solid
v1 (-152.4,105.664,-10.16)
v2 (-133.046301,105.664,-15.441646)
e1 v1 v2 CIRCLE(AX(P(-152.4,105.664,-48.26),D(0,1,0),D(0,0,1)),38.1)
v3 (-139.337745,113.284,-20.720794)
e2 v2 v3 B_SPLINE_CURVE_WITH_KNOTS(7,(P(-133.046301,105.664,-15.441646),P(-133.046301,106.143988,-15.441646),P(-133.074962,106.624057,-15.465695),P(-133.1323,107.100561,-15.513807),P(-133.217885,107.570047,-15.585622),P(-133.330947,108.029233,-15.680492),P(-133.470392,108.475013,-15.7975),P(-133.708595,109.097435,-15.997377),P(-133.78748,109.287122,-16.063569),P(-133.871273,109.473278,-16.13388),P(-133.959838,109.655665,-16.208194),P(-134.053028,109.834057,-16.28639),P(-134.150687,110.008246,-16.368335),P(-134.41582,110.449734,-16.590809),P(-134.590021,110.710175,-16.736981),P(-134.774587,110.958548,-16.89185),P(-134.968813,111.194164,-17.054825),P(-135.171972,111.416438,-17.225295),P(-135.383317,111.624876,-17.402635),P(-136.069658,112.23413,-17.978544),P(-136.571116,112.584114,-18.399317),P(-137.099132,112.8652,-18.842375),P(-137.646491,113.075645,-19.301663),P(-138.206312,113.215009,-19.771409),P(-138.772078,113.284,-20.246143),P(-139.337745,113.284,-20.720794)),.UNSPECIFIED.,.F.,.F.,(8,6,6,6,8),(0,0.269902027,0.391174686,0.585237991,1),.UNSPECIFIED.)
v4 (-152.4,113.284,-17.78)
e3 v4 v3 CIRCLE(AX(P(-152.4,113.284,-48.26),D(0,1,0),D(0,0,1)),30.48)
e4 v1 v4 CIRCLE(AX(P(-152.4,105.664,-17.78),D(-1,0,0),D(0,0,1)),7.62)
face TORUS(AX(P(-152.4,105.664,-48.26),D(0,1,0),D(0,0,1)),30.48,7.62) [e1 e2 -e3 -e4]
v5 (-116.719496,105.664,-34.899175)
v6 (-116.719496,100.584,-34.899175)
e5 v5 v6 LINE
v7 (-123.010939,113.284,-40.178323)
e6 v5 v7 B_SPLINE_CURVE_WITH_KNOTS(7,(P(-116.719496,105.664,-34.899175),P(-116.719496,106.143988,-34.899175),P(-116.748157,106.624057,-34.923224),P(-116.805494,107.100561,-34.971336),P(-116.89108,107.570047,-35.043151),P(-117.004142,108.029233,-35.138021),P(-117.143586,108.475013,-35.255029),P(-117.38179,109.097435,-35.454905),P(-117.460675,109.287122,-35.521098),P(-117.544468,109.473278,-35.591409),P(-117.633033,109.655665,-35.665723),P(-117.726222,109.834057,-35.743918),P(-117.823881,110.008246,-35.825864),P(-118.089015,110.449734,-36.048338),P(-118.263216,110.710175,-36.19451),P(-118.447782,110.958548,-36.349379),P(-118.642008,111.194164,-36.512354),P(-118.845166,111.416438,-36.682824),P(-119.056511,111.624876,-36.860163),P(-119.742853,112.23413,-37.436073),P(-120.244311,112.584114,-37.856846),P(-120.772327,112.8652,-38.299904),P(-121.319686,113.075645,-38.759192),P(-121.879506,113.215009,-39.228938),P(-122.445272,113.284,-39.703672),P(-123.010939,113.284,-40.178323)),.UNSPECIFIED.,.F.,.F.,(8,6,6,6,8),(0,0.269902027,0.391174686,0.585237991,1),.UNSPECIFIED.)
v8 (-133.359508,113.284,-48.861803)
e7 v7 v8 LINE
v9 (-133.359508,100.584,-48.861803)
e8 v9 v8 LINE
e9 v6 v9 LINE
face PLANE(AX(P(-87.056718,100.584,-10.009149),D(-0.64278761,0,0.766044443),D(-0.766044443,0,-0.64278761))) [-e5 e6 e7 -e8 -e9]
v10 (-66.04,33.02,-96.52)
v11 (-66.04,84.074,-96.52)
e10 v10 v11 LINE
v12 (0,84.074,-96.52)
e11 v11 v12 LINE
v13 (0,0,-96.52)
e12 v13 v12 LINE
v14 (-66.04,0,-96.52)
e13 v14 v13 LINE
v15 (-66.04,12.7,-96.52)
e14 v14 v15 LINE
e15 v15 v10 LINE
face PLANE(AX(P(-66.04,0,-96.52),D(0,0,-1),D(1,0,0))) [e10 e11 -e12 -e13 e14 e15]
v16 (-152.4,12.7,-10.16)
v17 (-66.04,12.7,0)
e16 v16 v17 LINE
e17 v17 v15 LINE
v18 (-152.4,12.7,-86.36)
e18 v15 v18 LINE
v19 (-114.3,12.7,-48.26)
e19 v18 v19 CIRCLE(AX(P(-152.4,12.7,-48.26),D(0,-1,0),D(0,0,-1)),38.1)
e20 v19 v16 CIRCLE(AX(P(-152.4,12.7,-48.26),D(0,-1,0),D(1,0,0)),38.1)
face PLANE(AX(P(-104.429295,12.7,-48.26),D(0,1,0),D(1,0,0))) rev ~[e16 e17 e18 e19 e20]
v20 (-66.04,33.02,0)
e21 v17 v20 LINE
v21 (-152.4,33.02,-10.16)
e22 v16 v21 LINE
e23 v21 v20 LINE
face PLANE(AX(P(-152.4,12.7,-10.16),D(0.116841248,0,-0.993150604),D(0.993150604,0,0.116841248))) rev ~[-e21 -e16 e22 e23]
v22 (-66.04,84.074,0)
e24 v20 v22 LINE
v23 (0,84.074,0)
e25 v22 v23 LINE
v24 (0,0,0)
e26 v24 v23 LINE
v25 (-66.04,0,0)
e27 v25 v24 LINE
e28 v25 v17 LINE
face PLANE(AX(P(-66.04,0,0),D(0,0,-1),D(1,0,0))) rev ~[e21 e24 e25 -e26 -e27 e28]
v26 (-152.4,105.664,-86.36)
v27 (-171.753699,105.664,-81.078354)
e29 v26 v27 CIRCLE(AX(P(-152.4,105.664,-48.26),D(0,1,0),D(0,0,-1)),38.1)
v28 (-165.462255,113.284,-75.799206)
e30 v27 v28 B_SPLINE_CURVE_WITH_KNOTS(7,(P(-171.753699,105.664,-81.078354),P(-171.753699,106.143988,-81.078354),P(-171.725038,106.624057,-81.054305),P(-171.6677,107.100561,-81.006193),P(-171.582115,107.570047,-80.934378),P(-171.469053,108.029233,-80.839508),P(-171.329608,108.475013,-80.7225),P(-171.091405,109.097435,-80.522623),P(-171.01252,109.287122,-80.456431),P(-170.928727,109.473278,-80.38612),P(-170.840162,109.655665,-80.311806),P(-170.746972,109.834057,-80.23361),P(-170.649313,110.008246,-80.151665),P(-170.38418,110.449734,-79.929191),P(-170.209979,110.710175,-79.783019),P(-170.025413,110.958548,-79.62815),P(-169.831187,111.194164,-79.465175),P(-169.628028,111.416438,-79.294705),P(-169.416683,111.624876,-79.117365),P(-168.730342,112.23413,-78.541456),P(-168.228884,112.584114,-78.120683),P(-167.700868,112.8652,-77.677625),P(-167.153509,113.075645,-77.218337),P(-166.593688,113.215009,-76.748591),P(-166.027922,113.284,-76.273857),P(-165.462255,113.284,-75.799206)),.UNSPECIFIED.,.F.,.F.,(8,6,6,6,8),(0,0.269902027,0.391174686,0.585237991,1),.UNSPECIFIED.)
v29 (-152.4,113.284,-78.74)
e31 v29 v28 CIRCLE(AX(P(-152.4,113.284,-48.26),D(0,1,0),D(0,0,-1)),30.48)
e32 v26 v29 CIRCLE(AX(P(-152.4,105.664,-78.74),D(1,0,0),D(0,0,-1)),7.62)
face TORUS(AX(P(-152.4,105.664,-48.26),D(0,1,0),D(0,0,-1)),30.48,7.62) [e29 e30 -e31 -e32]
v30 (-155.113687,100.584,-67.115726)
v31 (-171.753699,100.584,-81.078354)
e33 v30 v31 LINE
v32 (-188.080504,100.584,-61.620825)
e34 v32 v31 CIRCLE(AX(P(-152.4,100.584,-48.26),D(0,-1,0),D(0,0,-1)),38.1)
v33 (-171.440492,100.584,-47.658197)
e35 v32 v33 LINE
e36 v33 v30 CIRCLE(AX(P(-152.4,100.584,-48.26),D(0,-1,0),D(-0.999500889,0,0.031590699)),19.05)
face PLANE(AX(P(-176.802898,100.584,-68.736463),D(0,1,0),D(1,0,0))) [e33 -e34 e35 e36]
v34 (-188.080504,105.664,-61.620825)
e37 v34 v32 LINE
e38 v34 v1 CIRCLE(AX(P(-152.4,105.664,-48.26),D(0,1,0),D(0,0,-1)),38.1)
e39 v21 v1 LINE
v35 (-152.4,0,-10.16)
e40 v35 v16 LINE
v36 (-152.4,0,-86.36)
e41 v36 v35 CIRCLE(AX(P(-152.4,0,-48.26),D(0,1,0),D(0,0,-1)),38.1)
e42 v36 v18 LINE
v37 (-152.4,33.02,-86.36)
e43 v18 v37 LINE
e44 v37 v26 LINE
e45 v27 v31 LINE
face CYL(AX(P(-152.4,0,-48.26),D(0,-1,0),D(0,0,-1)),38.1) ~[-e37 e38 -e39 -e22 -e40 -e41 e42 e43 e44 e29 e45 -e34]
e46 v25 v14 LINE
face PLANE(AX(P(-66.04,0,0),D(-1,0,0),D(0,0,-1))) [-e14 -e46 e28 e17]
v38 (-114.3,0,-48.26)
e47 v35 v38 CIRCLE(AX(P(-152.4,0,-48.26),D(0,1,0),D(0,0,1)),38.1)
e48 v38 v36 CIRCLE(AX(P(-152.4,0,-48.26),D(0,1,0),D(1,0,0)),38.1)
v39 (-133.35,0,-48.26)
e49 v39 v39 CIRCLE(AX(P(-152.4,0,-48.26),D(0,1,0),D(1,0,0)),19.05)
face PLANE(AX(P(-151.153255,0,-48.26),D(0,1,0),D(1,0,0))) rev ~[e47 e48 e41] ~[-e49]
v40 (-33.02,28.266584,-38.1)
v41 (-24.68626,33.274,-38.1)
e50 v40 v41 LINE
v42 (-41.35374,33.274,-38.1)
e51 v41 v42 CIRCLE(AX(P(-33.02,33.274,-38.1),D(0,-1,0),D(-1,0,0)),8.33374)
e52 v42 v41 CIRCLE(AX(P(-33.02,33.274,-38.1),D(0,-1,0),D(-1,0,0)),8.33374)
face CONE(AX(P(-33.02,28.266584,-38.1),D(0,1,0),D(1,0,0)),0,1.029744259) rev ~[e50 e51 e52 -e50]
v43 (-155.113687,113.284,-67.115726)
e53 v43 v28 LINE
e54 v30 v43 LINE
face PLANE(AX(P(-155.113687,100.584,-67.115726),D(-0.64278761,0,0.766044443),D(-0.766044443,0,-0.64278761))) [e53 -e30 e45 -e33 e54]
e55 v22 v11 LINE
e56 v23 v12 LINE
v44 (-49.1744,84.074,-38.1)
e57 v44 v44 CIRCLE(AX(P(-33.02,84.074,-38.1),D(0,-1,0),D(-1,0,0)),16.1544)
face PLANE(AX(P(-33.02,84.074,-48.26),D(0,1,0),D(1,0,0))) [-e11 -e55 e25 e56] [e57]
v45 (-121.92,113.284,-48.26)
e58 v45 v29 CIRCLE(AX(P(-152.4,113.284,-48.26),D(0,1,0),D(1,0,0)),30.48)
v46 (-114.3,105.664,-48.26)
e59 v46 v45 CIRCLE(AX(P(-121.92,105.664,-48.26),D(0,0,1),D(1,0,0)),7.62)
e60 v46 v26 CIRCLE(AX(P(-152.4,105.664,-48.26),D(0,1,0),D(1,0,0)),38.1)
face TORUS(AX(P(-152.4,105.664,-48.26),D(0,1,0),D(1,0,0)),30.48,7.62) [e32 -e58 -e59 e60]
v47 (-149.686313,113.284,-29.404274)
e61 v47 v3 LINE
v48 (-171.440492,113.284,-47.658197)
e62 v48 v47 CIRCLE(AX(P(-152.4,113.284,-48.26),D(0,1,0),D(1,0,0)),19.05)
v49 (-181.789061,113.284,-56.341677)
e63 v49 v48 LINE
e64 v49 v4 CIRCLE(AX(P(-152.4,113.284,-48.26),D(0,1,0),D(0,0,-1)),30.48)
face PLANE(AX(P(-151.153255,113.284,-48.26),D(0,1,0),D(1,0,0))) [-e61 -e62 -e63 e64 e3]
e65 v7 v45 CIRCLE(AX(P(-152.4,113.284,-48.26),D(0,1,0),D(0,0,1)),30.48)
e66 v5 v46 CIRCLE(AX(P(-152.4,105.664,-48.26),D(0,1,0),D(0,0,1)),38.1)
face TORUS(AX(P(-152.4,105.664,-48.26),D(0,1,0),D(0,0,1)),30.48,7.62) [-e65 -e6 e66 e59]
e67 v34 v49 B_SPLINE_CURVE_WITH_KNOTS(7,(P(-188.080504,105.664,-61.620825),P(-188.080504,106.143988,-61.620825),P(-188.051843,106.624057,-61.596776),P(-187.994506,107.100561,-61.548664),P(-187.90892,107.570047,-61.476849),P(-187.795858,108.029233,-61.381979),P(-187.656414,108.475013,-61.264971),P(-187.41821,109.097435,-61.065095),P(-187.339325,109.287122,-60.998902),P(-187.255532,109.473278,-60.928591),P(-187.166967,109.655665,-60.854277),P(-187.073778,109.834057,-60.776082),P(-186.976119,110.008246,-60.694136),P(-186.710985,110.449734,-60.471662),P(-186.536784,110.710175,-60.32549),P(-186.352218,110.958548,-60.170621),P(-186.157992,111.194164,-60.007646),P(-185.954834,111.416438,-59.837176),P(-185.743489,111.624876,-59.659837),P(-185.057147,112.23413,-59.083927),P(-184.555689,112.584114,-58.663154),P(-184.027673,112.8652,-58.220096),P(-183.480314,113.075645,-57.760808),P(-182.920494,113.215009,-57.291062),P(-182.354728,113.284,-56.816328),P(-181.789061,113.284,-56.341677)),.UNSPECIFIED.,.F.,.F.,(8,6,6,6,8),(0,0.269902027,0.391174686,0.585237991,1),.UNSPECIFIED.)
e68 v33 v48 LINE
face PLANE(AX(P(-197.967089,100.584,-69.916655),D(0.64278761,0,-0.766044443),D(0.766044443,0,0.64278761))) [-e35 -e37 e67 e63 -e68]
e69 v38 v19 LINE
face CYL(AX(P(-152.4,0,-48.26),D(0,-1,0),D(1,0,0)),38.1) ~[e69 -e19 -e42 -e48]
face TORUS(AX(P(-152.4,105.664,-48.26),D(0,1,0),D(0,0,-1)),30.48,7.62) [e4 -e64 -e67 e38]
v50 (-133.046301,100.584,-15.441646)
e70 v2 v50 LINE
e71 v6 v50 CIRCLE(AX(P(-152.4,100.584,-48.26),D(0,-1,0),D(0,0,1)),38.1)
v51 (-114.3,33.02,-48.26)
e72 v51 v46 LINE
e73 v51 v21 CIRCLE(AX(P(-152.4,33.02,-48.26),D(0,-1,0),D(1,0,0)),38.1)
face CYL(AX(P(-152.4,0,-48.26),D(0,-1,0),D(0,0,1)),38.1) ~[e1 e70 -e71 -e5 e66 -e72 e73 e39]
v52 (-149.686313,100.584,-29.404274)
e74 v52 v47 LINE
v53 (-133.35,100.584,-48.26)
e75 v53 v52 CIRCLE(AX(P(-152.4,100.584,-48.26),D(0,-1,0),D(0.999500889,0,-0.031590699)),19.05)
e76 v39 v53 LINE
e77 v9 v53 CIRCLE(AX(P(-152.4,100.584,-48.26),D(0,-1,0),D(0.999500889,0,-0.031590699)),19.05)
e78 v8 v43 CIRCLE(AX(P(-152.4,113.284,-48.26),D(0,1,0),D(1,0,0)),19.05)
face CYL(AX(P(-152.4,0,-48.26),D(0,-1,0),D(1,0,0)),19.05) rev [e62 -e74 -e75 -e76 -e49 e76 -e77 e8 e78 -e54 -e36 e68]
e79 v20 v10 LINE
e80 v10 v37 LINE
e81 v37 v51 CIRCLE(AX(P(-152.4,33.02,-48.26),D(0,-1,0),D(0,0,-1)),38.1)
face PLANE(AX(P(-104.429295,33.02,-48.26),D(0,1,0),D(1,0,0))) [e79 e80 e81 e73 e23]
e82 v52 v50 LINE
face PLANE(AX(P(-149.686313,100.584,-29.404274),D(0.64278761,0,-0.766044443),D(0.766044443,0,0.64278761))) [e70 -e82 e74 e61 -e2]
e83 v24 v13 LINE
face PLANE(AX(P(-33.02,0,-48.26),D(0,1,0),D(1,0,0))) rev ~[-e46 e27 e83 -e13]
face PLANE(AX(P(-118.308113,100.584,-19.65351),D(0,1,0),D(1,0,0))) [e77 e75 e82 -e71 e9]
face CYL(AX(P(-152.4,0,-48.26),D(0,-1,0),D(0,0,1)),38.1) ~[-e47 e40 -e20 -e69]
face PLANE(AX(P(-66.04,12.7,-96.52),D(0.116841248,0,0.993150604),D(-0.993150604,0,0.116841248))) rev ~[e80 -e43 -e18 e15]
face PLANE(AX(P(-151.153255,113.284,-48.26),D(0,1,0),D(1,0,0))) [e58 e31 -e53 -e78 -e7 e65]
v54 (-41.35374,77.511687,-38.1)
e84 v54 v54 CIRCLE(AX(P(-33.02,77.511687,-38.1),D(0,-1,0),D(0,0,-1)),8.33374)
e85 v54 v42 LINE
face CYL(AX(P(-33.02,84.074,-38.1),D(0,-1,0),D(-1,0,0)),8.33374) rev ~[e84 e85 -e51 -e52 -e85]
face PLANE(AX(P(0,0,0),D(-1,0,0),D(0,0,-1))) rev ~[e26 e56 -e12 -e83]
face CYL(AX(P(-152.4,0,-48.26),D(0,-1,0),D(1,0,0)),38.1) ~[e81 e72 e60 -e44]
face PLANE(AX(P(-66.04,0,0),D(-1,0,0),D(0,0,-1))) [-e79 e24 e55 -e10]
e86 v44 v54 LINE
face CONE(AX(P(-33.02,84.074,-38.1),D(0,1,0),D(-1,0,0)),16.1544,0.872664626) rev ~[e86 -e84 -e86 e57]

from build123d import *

# Parameters (mm, degrees)
SKETCH1_W                                           = 66.04
SKETCH1_H                                           = 96.52
BOSS_EXTRUDE1_DEPTH                                 = 84.074
BOSS_EXTRUDE2_START                                 = 12.7
BOSS_EXTRUDE2_DEPTH                                 = 20.32
SKETCH1_4_R                                         = 19.05
BOSS_EXTRUDE3_DEPTH                                 = 113.284
FILLET1_R                                           = 7.62
CSK_FOR_5_8_FLAT_HEAD_MACHINE_SCREW_100_D           = 16.66748
CSK_FOR_5_8_FLAT_HEAD_MACHINE_SCREW_100_DEPTH       = 50.8
CSK_FOR_5_8_FLAT_HEAD_MACHINE_SCREW_100_CSINK_D     = 32.3088
CSK_FOR_5_8_FLAT_HEAD_MACHINE_SCREW_100_CSINK_ANGLE = 100
CSK_FOR_5_8_FLAT_HEAD_MACHINE_SCREW_100_TIP         = 5.007416175
CUT_EXTRUDE1_START                                  = -12.7
CUT_EXTRUDE1_DEPTH                                  = 12.7


with BuildPart() as part:
    # Sketch1 → Boss-Extrude1 (new body)
    with BuildSketch(Plane(origin=(0, 0, 0), x_dir=(1, 0, 0), z_dir=(0, 1, 0))):
        with Locations((-33.02, 48.26)):
            Rectangle(SKETCH1_W, SKETCH1_H)
    extrude(amount=BOSS_EXTRUDE1_DEPTH)

    # Sketch1<3> → Boss-Extrude2 (add)
    with BuildSketch(Plane(origin=(0, 0, 0), x_dir=(1, 0, 0), z_dir=(0, 1, 0)).offset(BOSS_EXTRUDE2_START)):
        with BuildLine():
            Line((-152.4, 10.16), (-66.04, 0))
            Line((-66.04, 0), (-66.04, 96.52))
            Line((-66.04, 96.52), (-152.4, 86.36))
            ThreePointArc((-152.4, 86.36), (-125.459231637, 75.200768363), (-114.3, 48.26))
            ThreePointArc((-114.3, 48.26), (-125.459231637, 21.319231637), (-152.4, 10.16))
        make_face()
    extrude(amount=BOSS_EXTRUDE2_DEPTH)

    # Sketch1<4> → Boss-Extrude3 (add)
    with BuildSketch(Plane(origin=(0, 0, 0), x_dir=(1, 0, 0), z_dir=(0, 1, 0))):
        with BuildLine():
            ThreePointArc((-152.4, 86.36), (-190.5, 48.26), (-152.4, 10.16))
            ThreePointArc((-152.4, 10.16), (-125.459231637, 21.319231637), (-114.3, 48.26))
            ThreePointArc((-114.3, 48.26), (-125.459231637, 75.200768363), (-152.4, 86.36))
        make_face()
        with Locations((-152.4, 48.26)):
            Circle(SKETCH1_4_R, mode=Mode.SUBTRACT)
    extrude(amount=BOSS_EXTRUDE3_DEPTH)

    # Fillet1
    fillet1_edges = [part.edges().sort_by_distance(p)[0] for p in [
        (-190.5, 113.284, -48.26),
    ]]
    fillet(fillet1_edges, radius=FILLET1_R)

    # CSK for 5/8 Flat Head Machine Screw (100)1
    with Locations(Plane(origin=(0, 84.074, 0), x_dir=(1, 0, 0), z_dir=(0, 1, 0))):
        with Locations((-33.02, 38.1)):
            CounterSinkHole(CSK_FOR_5_8_FLAT_HEAD_MACHINE_SCREW_100_D / 2, CSK_FOR_5_8_FLAT_HEAD_MACHINE_SCREW_100_CSINK_D / 2, depth=CSK_FOR_5_8_FLAT_HEAD_MACHINE_SCREW_100_DEPTH, counter_sink_angle=CSK_FOR_5_8_FLAT_HEAD_MACHINE_SCREW_100_CSINK_ANGLE)
            with Locations((0, 0, -(CSK_FOR_5_8_FLAT_HEAD_MACHINE_SCREW_100_DEPTH + CSK_FOR_5_8_FLAT_HEAD_MACHINE_SCREW_100_TIP / 2))):  # 118° drill point
                Cone(0, CSK_FOR_5_8_FLAT_HEAD_MACHINE_SCREW_100_D / 2, CSK_FOR_5_8_FLAT_HEAD_MACHINE_SCREW_100_TIP, mode=Mode.SUBTRACT)

    # Sketch4 → Cut-Extrude1 (cut)
    with BuildSketch(Plane(origin=(0, 113.284, 0), x_dir=(1, 0, 0), z_dir=(0, 1, 0)).offset(CUT_EXTRUDE1_START)):
        with BuildLine():
            Line((-181.640283335, 89.374183536), (-197.967088621, 69.916654681))
            Line((-197.967088621, 69.916654681), (-171.440491942, 47.658197191))
            ThreePointArc((-171.440491942, 47.658197191), (-166.993146641, 60.505103965), (-155.113686656, 67.115726046))
            Line((-155.113686656, 67.115726046), (-181.640283335, 89.374183536))
        make_face()
        with BuildLine():
            Line((-87.056717789, 10.009148571), (-133.359508058, 48.861802809))
            ThreePointArc((-133.359508058, 48.861802809), (-137.806853359, 36.014896035), (-149.686313344, 29.404273954))
            Line((-149.686313344, 29.404273954), (-103.383523075, -9.448380284))
            Line((-103.383523075, -9.448380284), (-87.056717789, 10.009148571))
        make_face()
    extrude(amount=CUT_EXTRUDE1_DEPTH, mode=Mode.SUBTRACT)


solid = part.part
